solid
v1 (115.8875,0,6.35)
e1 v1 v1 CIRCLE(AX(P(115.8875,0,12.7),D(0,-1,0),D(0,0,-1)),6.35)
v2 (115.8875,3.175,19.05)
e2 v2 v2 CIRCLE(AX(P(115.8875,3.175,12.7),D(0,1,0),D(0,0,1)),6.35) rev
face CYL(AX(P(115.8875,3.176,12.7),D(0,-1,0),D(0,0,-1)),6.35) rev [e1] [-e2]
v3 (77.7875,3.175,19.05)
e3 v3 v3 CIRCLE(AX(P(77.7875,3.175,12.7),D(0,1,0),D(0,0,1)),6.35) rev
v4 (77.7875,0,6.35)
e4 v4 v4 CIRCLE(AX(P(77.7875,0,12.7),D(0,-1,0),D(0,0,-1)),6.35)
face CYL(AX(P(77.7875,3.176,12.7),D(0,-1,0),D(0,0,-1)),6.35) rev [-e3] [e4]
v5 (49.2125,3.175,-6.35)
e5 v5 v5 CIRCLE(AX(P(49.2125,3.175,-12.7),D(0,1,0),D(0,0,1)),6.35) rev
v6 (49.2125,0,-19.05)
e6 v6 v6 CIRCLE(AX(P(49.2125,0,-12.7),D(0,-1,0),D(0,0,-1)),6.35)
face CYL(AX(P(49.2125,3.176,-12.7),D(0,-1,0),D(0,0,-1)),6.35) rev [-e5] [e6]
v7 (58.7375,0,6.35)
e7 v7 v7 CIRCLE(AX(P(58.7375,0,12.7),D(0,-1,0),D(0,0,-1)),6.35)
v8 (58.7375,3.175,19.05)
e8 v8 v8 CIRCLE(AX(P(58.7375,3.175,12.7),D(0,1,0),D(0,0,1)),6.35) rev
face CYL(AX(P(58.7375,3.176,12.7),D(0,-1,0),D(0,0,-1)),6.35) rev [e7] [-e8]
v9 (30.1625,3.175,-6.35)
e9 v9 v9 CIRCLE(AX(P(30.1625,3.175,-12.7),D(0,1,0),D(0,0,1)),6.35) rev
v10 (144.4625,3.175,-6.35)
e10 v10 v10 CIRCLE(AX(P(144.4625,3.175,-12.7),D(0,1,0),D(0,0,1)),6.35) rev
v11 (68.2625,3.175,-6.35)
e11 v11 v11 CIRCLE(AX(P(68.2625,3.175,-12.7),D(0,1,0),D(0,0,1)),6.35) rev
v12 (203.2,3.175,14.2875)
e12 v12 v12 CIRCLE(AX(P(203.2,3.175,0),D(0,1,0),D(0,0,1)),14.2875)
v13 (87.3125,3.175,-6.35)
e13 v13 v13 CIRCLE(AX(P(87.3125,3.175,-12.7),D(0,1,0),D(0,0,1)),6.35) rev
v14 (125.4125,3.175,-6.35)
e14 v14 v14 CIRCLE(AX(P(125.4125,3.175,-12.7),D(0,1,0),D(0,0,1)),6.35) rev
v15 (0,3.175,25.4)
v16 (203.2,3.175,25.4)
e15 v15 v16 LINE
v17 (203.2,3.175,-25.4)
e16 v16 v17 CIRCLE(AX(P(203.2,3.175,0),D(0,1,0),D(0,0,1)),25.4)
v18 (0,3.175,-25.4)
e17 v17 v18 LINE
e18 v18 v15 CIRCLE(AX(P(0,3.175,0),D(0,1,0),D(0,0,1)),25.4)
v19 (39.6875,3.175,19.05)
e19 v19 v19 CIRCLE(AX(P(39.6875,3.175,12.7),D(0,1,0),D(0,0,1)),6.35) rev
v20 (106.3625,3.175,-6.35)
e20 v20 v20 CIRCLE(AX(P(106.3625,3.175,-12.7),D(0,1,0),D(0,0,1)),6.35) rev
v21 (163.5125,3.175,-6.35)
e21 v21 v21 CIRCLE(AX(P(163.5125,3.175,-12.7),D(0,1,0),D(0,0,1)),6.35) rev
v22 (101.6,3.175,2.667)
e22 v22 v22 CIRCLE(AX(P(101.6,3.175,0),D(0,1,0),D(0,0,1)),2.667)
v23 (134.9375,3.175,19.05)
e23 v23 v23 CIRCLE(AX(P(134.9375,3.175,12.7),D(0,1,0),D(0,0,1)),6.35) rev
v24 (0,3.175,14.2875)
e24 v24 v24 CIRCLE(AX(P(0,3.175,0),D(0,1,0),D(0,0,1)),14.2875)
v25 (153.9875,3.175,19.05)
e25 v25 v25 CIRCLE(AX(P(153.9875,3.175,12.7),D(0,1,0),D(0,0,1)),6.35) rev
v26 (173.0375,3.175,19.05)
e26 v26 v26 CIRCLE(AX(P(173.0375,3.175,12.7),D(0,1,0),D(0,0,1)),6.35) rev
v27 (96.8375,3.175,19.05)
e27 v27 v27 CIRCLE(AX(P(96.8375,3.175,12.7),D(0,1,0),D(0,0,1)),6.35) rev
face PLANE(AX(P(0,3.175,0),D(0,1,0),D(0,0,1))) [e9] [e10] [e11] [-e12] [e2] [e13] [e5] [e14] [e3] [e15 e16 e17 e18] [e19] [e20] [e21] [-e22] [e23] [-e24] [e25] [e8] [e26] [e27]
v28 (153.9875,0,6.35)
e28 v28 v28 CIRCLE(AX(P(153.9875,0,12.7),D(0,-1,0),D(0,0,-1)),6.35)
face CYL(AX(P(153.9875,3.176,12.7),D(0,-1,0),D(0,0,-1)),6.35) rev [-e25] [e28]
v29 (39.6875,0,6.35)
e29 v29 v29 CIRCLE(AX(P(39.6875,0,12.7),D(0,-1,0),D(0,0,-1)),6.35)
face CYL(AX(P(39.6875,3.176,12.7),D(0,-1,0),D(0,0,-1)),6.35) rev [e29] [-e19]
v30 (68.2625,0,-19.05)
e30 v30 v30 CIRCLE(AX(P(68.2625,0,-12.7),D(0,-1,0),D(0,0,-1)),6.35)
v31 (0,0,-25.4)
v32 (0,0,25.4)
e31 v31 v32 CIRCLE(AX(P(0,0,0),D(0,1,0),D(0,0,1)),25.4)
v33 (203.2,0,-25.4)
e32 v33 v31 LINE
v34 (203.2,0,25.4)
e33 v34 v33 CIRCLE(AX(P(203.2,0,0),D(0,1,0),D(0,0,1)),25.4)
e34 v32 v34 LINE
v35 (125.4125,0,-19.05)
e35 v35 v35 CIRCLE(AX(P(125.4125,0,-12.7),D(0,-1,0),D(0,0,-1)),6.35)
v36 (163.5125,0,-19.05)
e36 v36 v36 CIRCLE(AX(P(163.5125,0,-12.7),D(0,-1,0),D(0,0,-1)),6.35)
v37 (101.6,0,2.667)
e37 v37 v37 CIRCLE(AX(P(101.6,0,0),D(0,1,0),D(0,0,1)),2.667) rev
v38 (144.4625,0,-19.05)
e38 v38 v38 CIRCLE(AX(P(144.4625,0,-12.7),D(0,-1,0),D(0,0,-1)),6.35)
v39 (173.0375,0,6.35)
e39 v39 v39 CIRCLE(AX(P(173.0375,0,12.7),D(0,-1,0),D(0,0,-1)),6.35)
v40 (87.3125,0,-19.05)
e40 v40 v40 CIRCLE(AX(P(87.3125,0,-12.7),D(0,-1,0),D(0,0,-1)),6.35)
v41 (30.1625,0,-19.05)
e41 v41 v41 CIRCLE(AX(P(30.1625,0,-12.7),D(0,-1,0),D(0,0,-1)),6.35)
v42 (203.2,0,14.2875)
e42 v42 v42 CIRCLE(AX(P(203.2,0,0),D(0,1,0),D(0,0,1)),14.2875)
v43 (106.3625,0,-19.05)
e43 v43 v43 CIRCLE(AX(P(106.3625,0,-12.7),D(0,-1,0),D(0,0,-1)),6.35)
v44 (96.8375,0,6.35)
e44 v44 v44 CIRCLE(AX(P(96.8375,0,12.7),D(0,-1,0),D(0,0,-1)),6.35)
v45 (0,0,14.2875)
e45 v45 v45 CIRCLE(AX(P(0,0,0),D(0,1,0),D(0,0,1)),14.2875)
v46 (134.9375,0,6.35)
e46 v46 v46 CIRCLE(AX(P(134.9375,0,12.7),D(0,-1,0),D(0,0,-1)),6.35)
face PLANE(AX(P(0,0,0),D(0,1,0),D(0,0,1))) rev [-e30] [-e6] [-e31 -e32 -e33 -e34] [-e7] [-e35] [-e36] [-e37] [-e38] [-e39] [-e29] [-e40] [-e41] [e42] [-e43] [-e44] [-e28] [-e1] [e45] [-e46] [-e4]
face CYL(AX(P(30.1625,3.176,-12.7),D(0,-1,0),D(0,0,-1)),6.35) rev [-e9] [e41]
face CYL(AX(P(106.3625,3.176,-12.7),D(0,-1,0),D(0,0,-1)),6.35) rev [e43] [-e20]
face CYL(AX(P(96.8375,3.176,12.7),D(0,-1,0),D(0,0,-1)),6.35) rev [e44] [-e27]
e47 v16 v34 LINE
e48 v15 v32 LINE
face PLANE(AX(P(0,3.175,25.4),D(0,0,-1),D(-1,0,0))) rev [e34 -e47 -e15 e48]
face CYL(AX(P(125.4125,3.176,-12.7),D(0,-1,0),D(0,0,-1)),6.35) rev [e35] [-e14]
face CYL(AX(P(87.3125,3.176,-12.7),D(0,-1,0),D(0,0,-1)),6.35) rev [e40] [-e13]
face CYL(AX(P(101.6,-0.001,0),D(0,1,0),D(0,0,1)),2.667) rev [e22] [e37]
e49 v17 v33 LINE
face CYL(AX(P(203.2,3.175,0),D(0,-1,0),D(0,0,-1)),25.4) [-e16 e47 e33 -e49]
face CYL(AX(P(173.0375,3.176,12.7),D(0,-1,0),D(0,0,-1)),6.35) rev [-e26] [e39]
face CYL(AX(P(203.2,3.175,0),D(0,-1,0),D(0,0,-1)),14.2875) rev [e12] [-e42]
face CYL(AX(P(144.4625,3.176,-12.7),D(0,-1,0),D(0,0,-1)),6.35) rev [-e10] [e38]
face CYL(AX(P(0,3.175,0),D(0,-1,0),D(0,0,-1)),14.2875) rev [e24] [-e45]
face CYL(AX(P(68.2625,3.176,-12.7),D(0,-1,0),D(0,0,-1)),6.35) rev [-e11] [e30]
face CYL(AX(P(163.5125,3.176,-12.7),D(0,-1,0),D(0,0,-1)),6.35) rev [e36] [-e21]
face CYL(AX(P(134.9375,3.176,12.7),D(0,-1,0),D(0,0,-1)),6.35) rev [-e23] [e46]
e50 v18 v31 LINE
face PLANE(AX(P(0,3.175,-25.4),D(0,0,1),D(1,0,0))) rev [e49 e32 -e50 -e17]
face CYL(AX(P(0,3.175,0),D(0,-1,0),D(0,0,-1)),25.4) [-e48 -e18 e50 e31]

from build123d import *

# Parameters (mm, degrees)
SKETCH1_R           = 14.2875
BOSS_EXTRUDE1_DEPTH = 3.175
CUT_EXTRUDE1_REACH  = 5.175
SKETCH2_R           = 2.667
CUT_EXTRUDE2_REACH  = 5.175
SKETCH4_R           = 6.35


with BuildPart() as part:
    # Sketch1 → Boss-Extrude1 (new body)
    with BuildSketch(Plane(origin=(0, 0, 0), x_dir=(1, 0, 0), z_dir=(0, 1, 0))):
        with BuildLine():
            Line((0, 25.4), (203.2, 25.4))
            ThreePointArc((203.2, 25.4), (228.6, 0), (203.2, -25.4))
            Line((203.2, -25.4), (0, -25.4))
            ThreePointArc((0, -25.4), (-25.4, 0), (0, 25.4))
        make_face()
        Circle(SKETCH1_R, mode=Mode.SUBTRACT)
        with Locations((203.2, 0)):
            Circle(SKETCH1_R, mode=Mode.SUBTRACT)
    extrude(amount=BOSS_EXTRUDE1_DEPTH)

    # Sketch2 → Cut-Extrude1 (cut, up to next)
    with BuildSketch(Plane(origin=(0, 3.175, 0), x_dir=(1, 0, 0), z_dir=(0, 1, 0)), mode=Mode.PRIVATE) as cut_extrude1_sk1:
        with Locations((101.6, 0)):
            Circle(SKETCH2_R)
    cut_extrude1_tool1 = extrude(cut_extrude1_sk1.sketch, amount=-CUT_EXTRUDE1_REACH, mode=Mode.PRIVATE) & part.part
    add(cut_extrude1_tool1.solids().sort_by_distance((101.6, 3.175, 0))[0], mode=Mode.SUBTRACT)

    # Sketch4 → Cut-Extrude2 (cut, up to next)
    with BuildSketch(Plane.XZ, mode=Mode.PRIVATE) as cut_extrude2_sk1:
        with Locations((30.1625, -12.7)):
            Circle(SKETCH4_R)
    cut_extrude2_tool1 = extrude(cut_extrude2_sk1.sketch, amount=-CUT_EXTRUDE2_REACH, mode=Mode.PRIVATE) & part.part
    add(cut_extrude2_tool1.solids().sort_by_distance((30.1625, 0, -12.7))[0], mode=Mode.SUBTRACT)
    # Sketch4 → Cut-Extrude2 (cut, up to next)
    with BuildSketch(Plane.XZ, mode=Mode.PRIVATE) as cut_extrude2_sk2:
        with Locations((49.2125, -12.7)):
            Circle(SKETCH4_R)
    cut_extrude2_tool2 = extrude(cut_extrude2_sk2.sketch, amount=-CUT_EXTRUDE2_REACH, mode=Mode.PRIVATE) & part.part
    add(cut_extrude2_tool2.solids().sort_by_distance((49.2125, 0, -12.7))[0], mode=Mode.SUBTRACT)
    # Sketch4 → Cut-Extrude2 (cut, up to next)
    with BuildSketch(Plane.XZ, mode=Mode.PRIVATE) as cut_extrude2_sk3:
        with Locations((68.2625, -12.7)):
            Circle(SKETCH4_R)
    cut_extrude2_tool3 = extrude(cut_extrude2_sk3.sketch, amount=-CUT_EXTRUDE2_REACH, mode=Mode.PRIVATE) & part.part
    add(cut_extrude2_tool3.solids().sort_by_distance((68.2625, 0, -12.7))[0], mode=Mode.SUBTRACT)
    # Sketch4 → Cut-Extrude2 (cut, up to next)
    with BuildSketch(Plane.XZ, mode=Mode.PRIVATE) as cut_extrude2_sk4:
        with Locations((87.3125, -12.7)):
            Circle(SKETCH4_R)
    cut_extrude2_tool4 = extrude(cut_extrude2_sk4.sketch, amount=-CUT_EXTRUDE2_REACH, mode=Mode.PRIVATE) & part.part
    add(cut_extrude2_tool4.solids().sort_by_distance((87.3125, 0, -12.7))[0], mode=Mode.SUBTRACT)
    # Sketch4 → Cut-Extrude2 (cut, up to next)
    with BuildSketch(Plane.XZ, mode=Mode.PRIVATE) as cut_extrude2_sk5:
        with Locations((106.3625, -12.7)):
            Circle(SKETCH4_R)
    cut_extrude2_tool5 = extrude(cut_extrude2_sk5.sketch, amount=-CUT_EXTRUDE2_REACH, mode=Mode.PRIVATE) & part.part
    add(cut_extrude2_tool5.solids().sort_by_distance((106.3625, 0, -12.7))[0], mode=Mode.SUBTRACT)
    # Sketch4 → Cut-Extrude2 (cut, up to next)
    with BuildSketch(Plane.XZ, mode=Mode.PRIVATE) as cut_extrude2_sk6:
        with Locations((125.4125, -12.7)):
            Circle(SKETCH4_R)
    cut_extrude2_tool6 = extrude(cut_extrude2_sk6.sketch, amount=-CUT_EXTRUDE2_REACH, mode=Mode.PRIVATE) & part.part
    add(cut_extrude2_tool6.solids().sort_by_distance((125.4125, 0, -12.7))[0], mode=Mode.SUBTRACT)
    # Sketch4 → Cut-Extrude2 (cut, up to next)
    with BuildSketch(Plane.XZ, mode=Mode.PRIVATE) as cut_extrude2_sk7:
        with Locations((144.4625, -12.7)):
            Circle(SKETCH4_R)
    cut_extrude2_tool7 = extrude(cut_extrude2_sk7.sketch, amount=-CUT_EXTRUDE2_REACH, mode=Mode.PRIVATE) & part.part
    add(cut_extrude2_tool7.solids().sort_by_distance((144.4625, 0, -12.7))[0], mode=Mode.SUBTRACT)
    # Sketch4 → Cut-Extrude2 (cut, up to next)
    with BuildSketch(Plane.XZ, mode=Mode.PRIVATE) as cut_extrude2_sk8:
        with Locations((163.5125, -12.7)):
            Circle(SKETCH4_R)
    cut_extrude2_tool8 = extrude(cut_extrude2_sk8.sketch, amount=-CUT_EXTRUDE2_REACH, mode=Mode.PRIVATE) & part.part
    add(cut_extrude2_tool8.solids().sort_by_distance((163.5125, 0, -12.7))[0], mode=Mode.SUBTRACT)
    # Sketch4 → Cut-Extrude2 (cut, up to next)
    with BuildSketch(Plane.XZ, mode=Mode.PRIVATE) as cut_extrude2_sk9:
        with Locations((39.6875, 12.7)):
            Circle(SKETCH4_R)
    cut_extrude2_tool9 = extrude(cut_extrude2_sk9.sketch, amount=-CUT_EXTRUDE2_REACH, mode=Mode.PRIVATE) & part.part
    add(cut_extrude2_tool9.solids().sort_by_distance((39.6875, 0, 12.7))[0], mode=Mode.SUBTRACT)
    # Sketch4 → Cut-Extrude2 (cut, up to next)
    with BuildSketch(Plane.XZ, mode=Mode.PRIVATE) as cut_extrude2_sk10:
        with Locations((58.7375, 12.7)):
            Circle(SKETCH4_R)
    cut_extrude2_tool10 = extrude(cut_extrude2_sk10.sketch, amount=-CUT_EXTRUDE2_REACH, mode=Mode.PRIVATE) & part.part
    add(cut_extrude2_tool10.solids().sort_by_distance((58.7375, 0, 12.7))[0], mode=Mode.SUBTRACT)
    # Sketch4 → Cut-Extrude2 (cut, up to next)
    with BuildSketch(Plane.XZ, mode=Mode.PRIVATE) as cut_extrude2_sk11:
        with Locations((77.7875, 12.7)):
            Circle(SKETCH4_R)
    cut_extrude2_tool11 = extrude(cut_extrude2_sk11.sketch, amount=-CUT_EXTRUDE2_REACH, mode=Mode.PRIVATE) & part.part
    add(cut_extrude2_tool11.solids().sort_by_distance((77.7875, 0, 12.7))[0], mode=Mode.SUBTRACT)
    # Sketch4 → Cut-Extrude2 (cut, up to next)
    with BuildSketch(Plane.XZ, mode=Mode.PRIVATE) as cut_extrude2_sk12:
        with Locations((96.8375, 12.7)):
            Circle(SKETCH4_R)
    cut_extrude2_tool12 = extrude(cut_extrude2_sk12.sketch, amount=-CUT_EXTRUDE2_REACH, mode=Mode.PRIVATE) & part.part
    add(cut_extrude2_tool12.solids().sort_by_distance((96.8375, 0, 12.7))[0], mode=Mode.SUBTRACT)
    # Sketch4 → Cut-Extrude2 (cut, up to next)
    with BuildSketch(Plane.XZ, mode=Mode.PRIVATE) as cut_extrude2_sk13:
        with Locations((115.8875, 12.7)):
            Circle(SKETCH4_R)
    cut_extrude2_tool13 = extrude(cut_extrude2_sk13.sketch, amount=-CUT_EXTRUDE2_REACH, mode=Mode.PRIVATE) & part.part
    add(cut_extrude2_tool13.solids().sort_by_distance((115.8875, 0, 12.7))[0], mode=Mode.SUBTRACT)
    # Sketch4 → Cut-Extrude2 (cut, up to next)
    with BuildSketch(Plane.XZ, mode=Mode.PRIVATE) as cut_extrude2_sk14:
        with Locations((134.9375, 12.7)):
            Circle(SKETCH4_R)
    cut_extrude2_tool14 = extrude(cut_extrude2_sk14.sketch, amount=-CUT_EXTRUDE2_REACH, mode=Mode.PRIVATE) & part.part
    add(cut_extrude2_tool14.solids().sort_by_distance((134.9375, 0, 12.7))[0], mode=Mode.SUBTRACT)
    # Sketch4 → Cut-Extrude2 (cut, up to next)
    with BuildSketch(Plane.XZ, mode=Mode.PRIVATE) as cut_extrude2_sk15:
        with Locations((153.9875, 12.7)):
            Circle(SKETCH4_R)
    cut_extrude2_tool15 = extrude(cut_extrude2_sk15.sketch, amount=-CUT_EXTRUDE2_REACH, mode=Mode.PRIVATE) & part.part
    add(cut_extrude2_tool15.solids().sort_by_distance((153.9875, 0, 12.7))[0], mode=Mode.SUBTRACT)
    # Sketch4 → Cut-Extrude2 (cut, up to next)
    with BuildSketch(Plane.XZ, mode=Mode.PRIVATE) as cut_extrude2_sk16:
        with Locations((173.0375, 12.7)):
            Circle(SKETCH4_R)
    cut_extrude2_tool16 = extrude(cut_extrude2_sk16.sketch, amount=-CUT_EXTRUDE2_REACH, mode=Mode.PRIVATE) & part.part
    add(cut_extrude2_tool16.solids().sort_by_distance((173.0375, 0, 12.7))[0], mode=Mode.SUBTRACT)


solid = part.part
